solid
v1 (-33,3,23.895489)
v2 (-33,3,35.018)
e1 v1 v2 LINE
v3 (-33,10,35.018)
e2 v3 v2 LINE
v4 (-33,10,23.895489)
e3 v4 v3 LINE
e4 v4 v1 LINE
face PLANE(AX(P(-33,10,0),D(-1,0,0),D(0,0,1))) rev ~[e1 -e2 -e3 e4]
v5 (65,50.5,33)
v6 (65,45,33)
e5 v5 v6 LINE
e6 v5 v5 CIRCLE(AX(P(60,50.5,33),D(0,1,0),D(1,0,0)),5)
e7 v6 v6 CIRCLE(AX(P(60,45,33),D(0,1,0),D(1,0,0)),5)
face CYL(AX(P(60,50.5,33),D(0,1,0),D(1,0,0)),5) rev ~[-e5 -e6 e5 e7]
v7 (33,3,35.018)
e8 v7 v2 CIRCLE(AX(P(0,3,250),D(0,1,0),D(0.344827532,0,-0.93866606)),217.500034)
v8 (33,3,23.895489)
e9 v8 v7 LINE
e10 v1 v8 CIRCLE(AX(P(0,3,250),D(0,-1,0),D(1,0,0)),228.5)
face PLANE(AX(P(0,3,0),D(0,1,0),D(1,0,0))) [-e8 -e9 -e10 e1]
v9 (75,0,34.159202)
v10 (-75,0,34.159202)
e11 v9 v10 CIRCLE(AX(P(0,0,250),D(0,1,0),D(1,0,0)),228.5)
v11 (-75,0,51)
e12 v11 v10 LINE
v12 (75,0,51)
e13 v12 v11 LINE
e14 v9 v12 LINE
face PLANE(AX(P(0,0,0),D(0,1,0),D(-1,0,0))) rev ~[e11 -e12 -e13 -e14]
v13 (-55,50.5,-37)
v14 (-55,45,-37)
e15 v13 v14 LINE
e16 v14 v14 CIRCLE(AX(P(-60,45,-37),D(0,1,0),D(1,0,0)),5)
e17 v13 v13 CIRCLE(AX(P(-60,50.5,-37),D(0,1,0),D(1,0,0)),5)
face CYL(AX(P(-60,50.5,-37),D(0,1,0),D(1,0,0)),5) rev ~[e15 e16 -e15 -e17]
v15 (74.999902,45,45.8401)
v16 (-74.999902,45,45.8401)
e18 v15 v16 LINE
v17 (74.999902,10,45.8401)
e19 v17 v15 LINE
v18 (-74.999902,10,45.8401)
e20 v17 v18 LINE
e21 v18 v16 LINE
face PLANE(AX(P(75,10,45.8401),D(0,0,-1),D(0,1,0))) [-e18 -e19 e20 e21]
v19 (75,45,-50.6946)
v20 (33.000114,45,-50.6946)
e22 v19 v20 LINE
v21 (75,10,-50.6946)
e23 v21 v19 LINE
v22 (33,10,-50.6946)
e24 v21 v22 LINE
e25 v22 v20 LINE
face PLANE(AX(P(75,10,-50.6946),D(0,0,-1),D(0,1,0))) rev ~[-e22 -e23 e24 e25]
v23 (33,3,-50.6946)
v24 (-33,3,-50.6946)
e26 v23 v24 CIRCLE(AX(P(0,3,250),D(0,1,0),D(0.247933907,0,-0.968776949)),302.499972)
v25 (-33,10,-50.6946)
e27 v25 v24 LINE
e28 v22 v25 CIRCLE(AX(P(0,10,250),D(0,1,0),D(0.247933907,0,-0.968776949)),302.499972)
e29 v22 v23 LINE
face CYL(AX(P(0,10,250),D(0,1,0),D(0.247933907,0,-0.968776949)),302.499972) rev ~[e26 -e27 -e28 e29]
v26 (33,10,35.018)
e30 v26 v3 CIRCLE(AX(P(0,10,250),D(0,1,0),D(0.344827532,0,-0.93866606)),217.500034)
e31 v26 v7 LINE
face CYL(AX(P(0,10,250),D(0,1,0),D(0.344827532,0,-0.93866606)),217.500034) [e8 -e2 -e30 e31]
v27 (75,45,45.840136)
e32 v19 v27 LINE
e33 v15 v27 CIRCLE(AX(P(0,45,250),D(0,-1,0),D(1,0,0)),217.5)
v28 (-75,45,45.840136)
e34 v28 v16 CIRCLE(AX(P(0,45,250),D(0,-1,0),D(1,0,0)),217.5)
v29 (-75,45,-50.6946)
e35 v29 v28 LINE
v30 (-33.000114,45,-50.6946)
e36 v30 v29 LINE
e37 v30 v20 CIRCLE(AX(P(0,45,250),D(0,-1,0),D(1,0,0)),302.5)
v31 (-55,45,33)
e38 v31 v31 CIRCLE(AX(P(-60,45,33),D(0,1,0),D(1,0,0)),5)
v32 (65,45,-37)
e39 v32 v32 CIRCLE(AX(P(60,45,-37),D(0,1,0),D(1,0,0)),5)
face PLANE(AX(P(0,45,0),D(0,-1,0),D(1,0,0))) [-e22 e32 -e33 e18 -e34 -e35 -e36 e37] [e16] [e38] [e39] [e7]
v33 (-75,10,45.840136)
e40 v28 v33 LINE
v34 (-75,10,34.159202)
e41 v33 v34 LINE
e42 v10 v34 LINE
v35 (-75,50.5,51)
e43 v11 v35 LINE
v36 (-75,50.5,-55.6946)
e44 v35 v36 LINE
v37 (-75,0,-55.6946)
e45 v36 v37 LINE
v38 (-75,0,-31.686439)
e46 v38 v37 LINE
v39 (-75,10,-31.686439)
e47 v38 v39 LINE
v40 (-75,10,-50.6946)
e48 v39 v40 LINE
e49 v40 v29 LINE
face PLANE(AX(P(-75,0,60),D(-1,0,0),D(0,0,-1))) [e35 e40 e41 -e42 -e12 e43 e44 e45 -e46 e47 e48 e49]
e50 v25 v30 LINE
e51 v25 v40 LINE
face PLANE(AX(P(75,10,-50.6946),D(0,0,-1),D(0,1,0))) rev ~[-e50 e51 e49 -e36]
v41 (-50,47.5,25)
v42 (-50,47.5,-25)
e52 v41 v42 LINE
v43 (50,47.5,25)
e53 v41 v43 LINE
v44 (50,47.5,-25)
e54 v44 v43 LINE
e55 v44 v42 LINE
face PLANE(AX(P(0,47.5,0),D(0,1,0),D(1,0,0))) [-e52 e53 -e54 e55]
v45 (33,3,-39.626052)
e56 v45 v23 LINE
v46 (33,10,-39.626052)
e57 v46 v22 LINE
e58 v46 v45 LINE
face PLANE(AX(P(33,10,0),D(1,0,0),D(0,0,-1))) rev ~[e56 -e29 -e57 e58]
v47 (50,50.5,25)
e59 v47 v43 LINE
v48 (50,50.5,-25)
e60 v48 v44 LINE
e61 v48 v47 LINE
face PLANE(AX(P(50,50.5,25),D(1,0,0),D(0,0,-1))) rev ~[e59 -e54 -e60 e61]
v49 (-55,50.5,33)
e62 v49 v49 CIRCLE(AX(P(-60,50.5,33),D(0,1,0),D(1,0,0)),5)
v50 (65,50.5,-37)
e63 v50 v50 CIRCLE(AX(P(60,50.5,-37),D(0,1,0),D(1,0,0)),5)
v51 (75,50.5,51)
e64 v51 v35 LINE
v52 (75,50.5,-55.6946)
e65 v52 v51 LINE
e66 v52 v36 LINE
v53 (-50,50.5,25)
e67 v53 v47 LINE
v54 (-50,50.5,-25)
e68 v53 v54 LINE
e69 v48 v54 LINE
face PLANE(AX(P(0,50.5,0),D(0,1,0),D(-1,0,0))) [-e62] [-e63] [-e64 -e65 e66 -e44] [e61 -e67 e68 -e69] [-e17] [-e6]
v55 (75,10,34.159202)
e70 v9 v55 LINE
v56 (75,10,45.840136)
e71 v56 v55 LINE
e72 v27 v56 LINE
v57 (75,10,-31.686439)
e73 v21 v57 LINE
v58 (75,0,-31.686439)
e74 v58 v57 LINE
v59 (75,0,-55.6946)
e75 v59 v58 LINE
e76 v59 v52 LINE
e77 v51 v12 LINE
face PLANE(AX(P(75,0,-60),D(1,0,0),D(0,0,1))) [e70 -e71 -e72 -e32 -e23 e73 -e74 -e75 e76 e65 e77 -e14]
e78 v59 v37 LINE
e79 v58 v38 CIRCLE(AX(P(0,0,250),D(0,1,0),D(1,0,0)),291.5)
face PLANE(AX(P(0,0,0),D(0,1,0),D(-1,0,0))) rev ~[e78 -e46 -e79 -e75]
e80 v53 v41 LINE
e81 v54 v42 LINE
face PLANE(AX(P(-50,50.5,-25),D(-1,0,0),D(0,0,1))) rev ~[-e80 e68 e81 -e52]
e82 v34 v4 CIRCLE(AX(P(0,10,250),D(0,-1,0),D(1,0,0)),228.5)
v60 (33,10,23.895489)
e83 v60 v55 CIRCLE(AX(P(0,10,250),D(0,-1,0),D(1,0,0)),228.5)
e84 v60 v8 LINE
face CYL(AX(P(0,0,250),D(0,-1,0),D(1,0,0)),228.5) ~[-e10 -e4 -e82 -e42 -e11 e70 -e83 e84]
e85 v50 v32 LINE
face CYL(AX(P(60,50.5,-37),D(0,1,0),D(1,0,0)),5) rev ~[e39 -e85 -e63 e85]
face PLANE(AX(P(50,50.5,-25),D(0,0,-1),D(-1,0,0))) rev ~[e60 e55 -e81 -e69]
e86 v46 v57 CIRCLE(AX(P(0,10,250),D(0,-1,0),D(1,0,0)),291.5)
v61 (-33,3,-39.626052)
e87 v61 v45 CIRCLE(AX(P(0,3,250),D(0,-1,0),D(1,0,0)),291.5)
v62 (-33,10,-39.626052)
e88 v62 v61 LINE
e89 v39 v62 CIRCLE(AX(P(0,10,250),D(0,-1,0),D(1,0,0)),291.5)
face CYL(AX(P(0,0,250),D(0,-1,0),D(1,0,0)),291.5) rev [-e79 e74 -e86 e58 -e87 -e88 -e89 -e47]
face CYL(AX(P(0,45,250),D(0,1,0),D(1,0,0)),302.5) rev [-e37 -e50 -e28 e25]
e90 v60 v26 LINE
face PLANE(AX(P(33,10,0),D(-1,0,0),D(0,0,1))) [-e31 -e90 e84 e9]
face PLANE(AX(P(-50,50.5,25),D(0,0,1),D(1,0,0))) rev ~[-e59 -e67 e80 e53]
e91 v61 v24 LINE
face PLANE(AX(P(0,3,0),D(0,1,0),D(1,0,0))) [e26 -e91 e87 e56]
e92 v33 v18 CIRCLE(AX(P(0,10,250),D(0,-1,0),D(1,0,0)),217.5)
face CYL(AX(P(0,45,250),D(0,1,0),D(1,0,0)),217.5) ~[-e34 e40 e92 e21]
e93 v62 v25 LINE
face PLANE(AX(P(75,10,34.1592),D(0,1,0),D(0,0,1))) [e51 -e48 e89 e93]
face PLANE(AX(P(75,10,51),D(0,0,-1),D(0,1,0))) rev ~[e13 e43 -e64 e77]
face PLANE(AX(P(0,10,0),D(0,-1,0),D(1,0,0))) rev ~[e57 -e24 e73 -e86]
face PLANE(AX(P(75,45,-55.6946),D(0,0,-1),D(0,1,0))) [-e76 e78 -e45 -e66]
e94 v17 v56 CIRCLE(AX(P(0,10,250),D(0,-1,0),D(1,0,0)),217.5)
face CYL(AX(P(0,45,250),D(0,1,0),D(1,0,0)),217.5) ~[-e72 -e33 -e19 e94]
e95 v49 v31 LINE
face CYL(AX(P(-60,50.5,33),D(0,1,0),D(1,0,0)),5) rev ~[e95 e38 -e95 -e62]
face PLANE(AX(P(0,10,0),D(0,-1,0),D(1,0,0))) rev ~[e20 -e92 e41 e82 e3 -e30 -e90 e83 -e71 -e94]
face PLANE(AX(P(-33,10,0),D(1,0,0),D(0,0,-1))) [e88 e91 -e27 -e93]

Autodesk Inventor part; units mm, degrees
ref_plane "YZ Plane" through (0, 0, 0) normal (1, 0, 0) x (0, 1, 0)
ref_plane "XZ Plane" through (0, 0, 0) normal (0, 1, 0) x (-1, 0, 0)
ref_plane "XY Plane" through (0, 0, 0) normal (0, 0, 1) x (1, 0, 0)
sketch "Sketch1" plane through (0, 0, 0) normal (0, 1, 0) x (-1, 0, 0)
  line L0 (75, -60) -> (-75, -60)
  line L1 (-75, -60) -> (-75, 60)
  line L2 (-75, 60) -> (75, 60)
  line L3 (75, 60) -> (75, -60)
  line L4 (75, -60) -> (-75, 60) construction
  line L5 (-75, -60) -> (75, 60) construction
  point P0 (0, 0)
  dimension "d0" = 120
  dimension "d1" = 150
extrude "Extrusion1" add sketch "Sketch1" along normal blind 50.5
sketch "Sketch14" plane through (0, 0, 0) normal (0, 1, 0) x (1, 0, 0)
  line L0 (-75, -60) -> (75, -60) projected
  line L1 (75, -60) -> (75, 60) projected
  line L2 (75, 60) -> (-75, 60) projected
  line L3 (-75, 60) -> (-75, -60) projected
  line L4 (0, 0) -> (0, -250) construction
  circle A0 centre (0, -250) radius 260
  circle A1 centre (0, -250) radius 291.5
  circle A2 centre (0, -250) radius 228.5
  point P0 (75, 31.6864)
  point P1 (-75, 31.6864)
  point P2 (-75, -34.1592)
  point P3 (75, -34.1592)
  dimension "d52" = 250
  dimension "d53" = 520
  dimension "d54" = 583
  dimension "d55" = 457
extrude "Extrusion13" cut sketch "Sketch14" along normal blind 45 contours L3 A0 L1 A2 | L3 A1 L1 A0 picked at (-61.8874, -8.4536) picked at (67.9829, 11.6585)
sketch "Sketch15" plane through (0, 45, 0) normal (0, -1, 0) x (1, 0, 0)
  line L0 (0, 0) -> (0, 250) construction
  circle A0 centre (0, 250) radius 260
  circle A1 centre (0, 250) radius 302.5
  circle A2 centre (0, 250) radius 217.5
  line L1 (-75, 60) -> (75, 60) projected
  line L2 (75, 60) -> (75, -60) projected
  line L3 (75, -60) -> (-75, -60) projected
  line L4 (-75, -60) -> (-75, 60) projected
  point P0 (-75, -43.055)
  point P1 (75, -43.055)
  point P2 (75, 45.8401)
  point P3 (-75, 45.8401)
  dimension "d58" = 250
  dimension "d59" = 520
  dimension "d60" = 605
  dimension "d61" = 435
extrude "Extrusion14" cut sketch "Sketch15" along normal blind 35 contours L4 A2 L2 A0 | A0 L2 A1 L4 picked at (-61.9043, 12.2496) picked at (67.9829, -15.4481)
sketch "Sketch16" plane through (0, 50.5, 0) normal (0, 1, 0) x (1, 0, 0)
  line L0 (0, 0) -> (50, 0) construction
  line L1 (0, 0) -> (-50, 0) construction
  line L2 (-50, 0) -> (-50, -25)
  line L3 (-50, -25) -> (50, -25)
  line L4 (50, -25) -> (50, 0)
  line L5 (50, 0) -> (50, 25)
  line L6 (50, 25) -> (-50, 25)
  line L7 (-50, 25) -> (-50, 0)
  dimension "d64" = 50
  dimension "d65" = 50
  dimension "d66" = 25
  dimension "d67" = 25
extrude "Extrusion15" cut sketch "Sketch16" against normal blind 3
sketch "Sketch17" plane through (0, 10, 0) normal (0, 1, 0) x (1, 0, 0)
  line L0 (0, 0) -> (-33, 0) construction
  line L1 (0, 0) -> (33, 0) construction
  line L2 (33, 0) -> (33, -35.018)
  arc A0 (75, -45.8401) -> (-75, -45.8401) centre (0, -250) ccw projected
  line L3 (33, 0) -> (68.018, 0) construction
  line L4 (-31.2481, 0) -> (6.0348, 0) construction
  line L5 (-33, 0) -> (-33, -35.018)
  line L6 (-33, 0) -> (2.018, 0) construction
  line L7 (-33, 0) -> (-33, 50.6946)
  arc A1 (75, 43.055) -> (-75, 43.055) centre (0, -250) ccw projected
  line L8 (-33, 0) -> (17.6946, 0) construction
  line L9 (33, 0) -> (33, 50.6946)
  line L10 (33, 0) -> (83.6946, 0) construction
  dimension "d70" = 33
  dimension "d71" = 33
  dimension "d72" = 90
  dimension "d74" = 90
  dimension "d75" = 90
  dimension "d76" = 90
extrude "Extrusion16" cut sketch "Sketch17" against normal blind 7
sketch "Sketch18" plane through (75, 0, -60) normal (1, 0, 0) x (0, 0, -1)
  line L0 (-94.1592, 10) -> (-105.8401, 10) projected
  line L1 (-105.8401, 10) -> (-105.8401, 45) projected
  line L2 (-105.8401, 45) -> (-16.945, 45) projected
  line L3 (-16.945, 45) -> (-16.945, 10) projected
  line L4 (-16.945, 10) -> (-28.3136, 10) projected
  line L5 (-28.3136, 10) -> (-28.3136, 0) projected
  line L6 (-28.3136, 0) -> (0, 0) projected
  line L7 (0, 0) -> (0, 50.5) projected
  line L8 (-120, 50.5) -> (0, 50.5) projected
  line L9 (-120, 0) -> (-120, 50.5) projected
  line L10 (-120, 0) -> (-94.1592, 0) projected
  line L11 (-94.1592, 0) -> (-94.1592, 10) projected
  line L12 (-60, 0) -> (-60, 50.5) construction
  line L13 (-94.1592, 10) -> (-28.3136, 10)
  line L14 (-60, 10) -> (-111, 10)
  line L15 (-111, 10) -> (-111, 45)
  line L16 (-16.945, 10) -> (-9.3054, 10) projected
  line L17 (-28.3136, 10) -> (-9.3054, 10)
  line L18 (-9.3054, 10) -> (-9.3054, 3) projected
  line L19 (-9.3054, 10) -> (-9.3054, 45)
  line L20 (-111, 45) -> (-105.8401, 45)
  line L21 (-9.3054, 45) -> (-16.945, 45)
  line L22 (-111, 45) -> (-116, 45)
  line L23 (-116, 45) -> (-116, 10)
  line L24 (-116, 10) -> (-111, 10)
  line L25 (-9.3054, 45) -> (-4.3054, 45)
  line L26 (-4.3054, 45) -> (-4.3054, 10)
  line L27 (-4.3054, 10) -> (-9.3054, 10)
  line L28 (-116, 45) -> (-116, 50.5)
  line L29 (-116, 10) -> (-116, 0)
  line L30 (-94.1592, 0) -> (-120, 0) projected
  line L31 (-4.3054, 45) -> (-4.3054, 50.5)
  line L32 (-4.3054, 10) -> (-4.3054, 0)
  line L33 (-111, 45) -> (-111, 50.5)
  line L34 (-9.3054, 45) -> (-9.3054, 50.5)
  line L35 (-9.3054, 10) -> (-9.3054, 0)
  line L36 (-111, 10) -> (-111, 0)
  point P0 (-9.3054, 3)
  dimension "d79" = 51
  dimension "d81" = 5
  dimension "d82" = 5
extrude "Extrusion17" cut sketch "Sketch18" against normal up to surface (150 mm away) contours L0 L1 L2 L3 L4 L13 | L24 L23 L22 L15 | L36 L10 L29 L24 | L21 L19 L16 L3 | L22 L28 L8 L33 | L29 L10 L9 L8 L28 L23 | L31 L8 L7 L6 L32 L26
sketch "Sketch19" plane through (0, 50.5, 0) normal (0, 1, 0) x (1, 0, 0)
  line L0 (75, 55.6946) -> (-75, 55.6946) projected
  line L1 (-75, 55.6946) -> (-75, -51) projected
  line L2 (-75, -51) -> (75, -51) projected
  line L3 (75, -51) -> (75, 55.6946) projected
  line L4 (50, 25) -> (50, -25) projected
  line L5 (50, -25) -> (-50, -25) projected
  line L6 (-50, -25) -> (-50, 25) projected
  line L7 (-50, 25) -> (50, 25) projected
  line L8 (50, 25) -> (50, -25) construction
  line L9 (50, -25) -> (-50, 25) construction
  line L10 (-50, -25) -> (-50, 25) construction
  line L11 (50, 25) -> (-50, -25) construction
  line L12 (50, -25) -> (-50, -25) construction
  line L13 (50, -25) -> (50, -33) construction
  line L14 (50, -33) -> (60, -33) construction
  line L15 (50, 25) -> (50, 37) construction
  line L16 (50, 37) -> (60, 37) construction
  circle A0 centre (60, -33) radius 5
  circle A1 centre (60, 37) radius 5
  line L17 (0, -51) -> (0, 55.6946) construction
  circle A2 centre (-60, -33) radius 5
  circle A3 centre (-60, 37) radius 5
  dimension "d93" = 8
  dimension "d94" = 10
  dimension "d95" = 12
  dimension "d96" = 10
  dimension "d97" = 90
  dimension "d98" = 10
  dimension "d99" = 10
extrude "Extrusion18" cut sketch "Sketch19" against normal blind 10 contours A0 | A1 | A2 | A3
properties part number "Battery Cage" material "PLA Plastic"
